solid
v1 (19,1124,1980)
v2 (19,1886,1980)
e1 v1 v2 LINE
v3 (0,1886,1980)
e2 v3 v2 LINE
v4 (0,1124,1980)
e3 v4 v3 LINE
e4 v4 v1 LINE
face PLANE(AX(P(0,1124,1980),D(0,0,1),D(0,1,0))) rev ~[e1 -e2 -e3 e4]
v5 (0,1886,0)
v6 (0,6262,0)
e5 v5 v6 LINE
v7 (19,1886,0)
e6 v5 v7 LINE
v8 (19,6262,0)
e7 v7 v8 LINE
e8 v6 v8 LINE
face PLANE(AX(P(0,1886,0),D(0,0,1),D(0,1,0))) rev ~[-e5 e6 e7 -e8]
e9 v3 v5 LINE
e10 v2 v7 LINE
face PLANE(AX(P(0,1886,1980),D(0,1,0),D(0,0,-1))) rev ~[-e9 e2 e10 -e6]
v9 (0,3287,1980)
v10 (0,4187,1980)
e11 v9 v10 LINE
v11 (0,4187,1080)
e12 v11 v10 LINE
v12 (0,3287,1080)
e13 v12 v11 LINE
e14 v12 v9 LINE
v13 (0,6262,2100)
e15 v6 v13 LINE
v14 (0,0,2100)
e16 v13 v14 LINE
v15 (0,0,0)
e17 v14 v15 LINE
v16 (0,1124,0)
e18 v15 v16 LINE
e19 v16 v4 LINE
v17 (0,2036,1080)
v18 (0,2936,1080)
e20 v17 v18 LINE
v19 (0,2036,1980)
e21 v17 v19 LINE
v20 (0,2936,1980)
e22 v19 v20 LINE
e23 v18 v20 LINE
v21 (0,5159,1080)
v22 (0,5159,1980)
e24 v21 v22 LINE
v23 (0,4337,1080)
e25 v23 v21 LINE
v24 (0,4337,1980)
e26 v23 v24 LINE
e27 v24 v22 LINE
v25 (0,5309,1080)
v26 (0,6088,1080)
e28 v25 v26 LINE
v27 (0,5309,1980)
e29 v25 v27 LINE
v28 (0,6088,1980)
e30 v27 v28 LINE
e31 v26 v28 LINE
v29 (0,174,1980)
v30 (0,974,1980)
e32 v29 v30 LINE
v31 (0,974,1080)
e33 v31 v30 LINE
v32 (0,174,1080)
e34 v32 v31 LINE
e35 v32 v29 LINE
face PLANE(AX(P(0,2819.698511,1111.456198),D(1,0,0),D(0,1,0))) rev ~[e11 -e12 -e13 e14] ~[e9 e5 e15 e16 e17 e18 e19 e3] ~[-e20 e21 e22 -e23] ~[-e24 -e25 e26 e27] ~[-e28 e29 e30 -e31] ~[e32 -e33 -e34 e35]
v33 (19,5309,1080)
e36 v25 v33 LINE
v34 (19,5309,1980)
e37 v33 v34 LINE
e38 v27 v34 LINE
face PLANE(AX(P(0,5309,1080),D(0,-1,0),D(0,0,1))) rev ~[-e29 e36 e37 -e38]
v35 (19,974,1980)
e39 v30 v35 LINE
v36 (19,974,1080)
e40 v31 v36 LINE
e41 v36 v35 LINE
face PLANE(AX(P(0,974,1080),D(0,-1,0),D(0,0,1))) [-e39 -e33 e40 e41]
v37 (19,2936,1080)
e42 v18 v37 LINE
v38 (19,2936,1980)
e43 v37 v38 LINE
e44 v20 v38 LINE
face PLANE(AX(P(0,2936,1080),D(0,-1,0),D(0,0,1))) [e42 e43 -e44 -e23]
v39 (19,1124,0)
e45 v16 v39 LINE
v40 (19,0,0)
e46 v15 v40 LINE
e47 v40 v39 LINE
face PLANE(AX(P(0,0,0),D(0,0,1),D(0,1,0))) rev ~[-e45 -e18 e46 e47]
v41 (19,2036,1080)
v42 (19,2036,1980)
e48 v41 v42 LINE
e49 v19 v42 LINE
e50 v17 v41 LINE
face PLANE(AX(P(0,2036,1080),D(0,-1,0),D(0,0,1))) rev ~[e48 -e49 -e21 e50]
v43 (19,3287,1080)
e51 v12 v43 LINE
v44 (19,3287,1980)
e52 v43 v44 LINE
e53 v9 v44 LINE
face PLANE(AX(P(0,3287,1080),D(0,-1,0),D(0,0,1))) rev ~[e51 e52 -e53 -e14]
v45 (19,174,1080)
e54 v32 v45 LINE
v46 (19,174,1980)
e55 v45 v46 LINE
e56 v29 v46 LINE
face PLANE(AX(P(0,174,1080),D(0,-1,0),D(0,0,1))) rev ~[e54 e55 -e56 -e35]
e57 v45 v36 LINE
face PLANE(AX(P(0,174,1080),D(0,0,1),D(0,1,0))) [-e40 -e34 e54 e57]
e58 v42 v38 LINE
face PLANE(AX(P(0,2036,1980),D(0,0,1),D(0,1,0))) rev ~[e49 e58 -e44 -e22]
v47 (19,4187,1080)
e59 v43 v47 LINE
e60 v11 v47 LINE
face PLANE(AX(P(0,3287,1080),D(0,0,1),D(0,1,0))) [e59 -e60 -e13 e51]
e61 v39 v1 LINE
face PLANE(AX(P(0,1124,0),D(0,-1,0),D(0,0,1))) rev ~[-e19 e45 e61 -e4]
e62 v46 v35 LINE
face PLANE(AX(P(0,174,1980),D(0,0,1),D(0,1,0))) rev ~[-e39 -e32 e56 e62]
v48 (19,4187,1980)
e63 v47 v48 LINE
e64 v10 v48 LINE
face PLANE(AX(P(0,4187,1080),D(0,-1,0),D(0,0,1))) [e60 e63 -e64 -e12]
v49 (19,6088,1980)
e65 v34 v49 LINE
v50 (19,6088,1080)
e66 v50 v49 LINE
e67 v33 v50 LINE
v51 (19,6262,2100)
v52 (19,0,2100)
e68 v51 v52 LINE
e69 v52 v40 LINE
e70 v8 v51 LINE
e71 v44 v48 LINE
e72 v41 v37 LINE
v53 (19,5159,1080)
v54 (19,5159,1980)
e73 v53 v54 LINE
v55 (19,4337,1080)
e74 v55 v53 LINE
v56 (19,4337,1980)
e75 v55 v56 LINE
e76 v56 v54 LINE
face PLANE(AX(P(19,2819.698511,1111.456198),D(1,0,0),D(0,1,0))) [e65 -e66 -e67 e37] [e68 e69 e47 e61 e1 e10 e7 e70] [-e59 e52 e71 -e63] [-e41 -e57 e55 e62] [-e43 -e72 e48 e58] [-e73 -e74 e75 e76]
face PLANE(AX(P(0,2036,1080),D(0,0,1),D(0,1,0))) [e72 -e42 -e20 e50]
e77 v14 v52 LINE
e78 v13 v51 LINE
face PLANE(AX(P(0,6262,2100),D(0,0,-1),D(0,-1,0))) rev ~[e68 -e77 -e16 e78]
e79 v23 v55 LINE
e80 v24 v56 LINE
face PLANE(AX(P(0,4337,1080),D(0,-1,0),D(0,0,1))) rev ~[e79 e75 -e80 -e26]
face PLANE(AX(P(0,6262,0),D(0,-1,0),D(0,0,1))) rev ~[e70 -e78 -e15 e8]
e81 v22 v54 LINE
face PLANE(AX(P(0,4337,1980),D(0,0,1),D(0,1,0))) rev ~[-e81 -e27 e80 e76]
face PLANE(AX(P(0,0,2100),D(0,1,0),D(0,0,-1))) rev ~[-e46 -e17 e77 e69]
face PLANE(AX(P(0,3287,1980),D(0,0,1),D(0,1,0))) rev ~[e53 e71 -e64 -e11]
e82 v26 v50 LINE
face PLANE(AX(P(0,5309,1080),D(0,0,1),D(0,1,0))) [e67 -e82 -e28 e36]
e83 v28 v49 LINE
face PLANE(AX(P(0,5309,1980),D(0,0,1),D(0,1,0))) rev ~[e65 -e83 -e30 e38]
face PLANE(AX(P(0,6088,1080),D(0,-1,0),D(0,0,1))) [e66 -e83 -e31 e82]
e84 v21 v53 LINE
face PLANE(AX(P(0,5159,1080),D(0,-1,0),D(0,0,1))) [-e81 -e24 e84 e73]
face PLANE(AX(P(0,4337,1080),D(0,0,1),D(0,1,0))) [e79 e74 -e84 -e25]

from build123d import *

# Parameters (mm, degrees)
F0_W     = 800
F0_H     = 900
F0_W_2   = 900
F0_W_3   = 822
F0_W_4   = 779
F1_DEPTH = 19


with BuildPart() as f1:
    # F0 (on Right) → F1 (new body)
    with BuildSketch(Plane.YZ):
        Polygon((0, 2100), (0, 0), (1124, 0), (1124, 1980), (1886, 1980), (1886, 0), (6262, 0), (6262, 2100), align=None)
        with Locations((574, 1530)):
            Rectangle(F0_W, F0_H, mode=Mode.SUBTRACT)
        with Locations((2486, 1530)):
            Rectangle(F0_W_2, F0_H, mode=Mode.SUBTRACT)
        with Locations((3737, 1530)):
            Rectangle(F0_W_2, F0_H, mode=Mode.SUBTRACT)
        with Locations((4748, 1530)):
            Rectangle(F0_W_3, F0_H, mode=Mode.SUBTRACT)
        with Locations((5698.5, 1530)):
            Rectangle(F0_W_4, F0_H, mode=Mode.SUBTRACT)
    extrude(amount=F1_DEPTH)


solid = f1.part
